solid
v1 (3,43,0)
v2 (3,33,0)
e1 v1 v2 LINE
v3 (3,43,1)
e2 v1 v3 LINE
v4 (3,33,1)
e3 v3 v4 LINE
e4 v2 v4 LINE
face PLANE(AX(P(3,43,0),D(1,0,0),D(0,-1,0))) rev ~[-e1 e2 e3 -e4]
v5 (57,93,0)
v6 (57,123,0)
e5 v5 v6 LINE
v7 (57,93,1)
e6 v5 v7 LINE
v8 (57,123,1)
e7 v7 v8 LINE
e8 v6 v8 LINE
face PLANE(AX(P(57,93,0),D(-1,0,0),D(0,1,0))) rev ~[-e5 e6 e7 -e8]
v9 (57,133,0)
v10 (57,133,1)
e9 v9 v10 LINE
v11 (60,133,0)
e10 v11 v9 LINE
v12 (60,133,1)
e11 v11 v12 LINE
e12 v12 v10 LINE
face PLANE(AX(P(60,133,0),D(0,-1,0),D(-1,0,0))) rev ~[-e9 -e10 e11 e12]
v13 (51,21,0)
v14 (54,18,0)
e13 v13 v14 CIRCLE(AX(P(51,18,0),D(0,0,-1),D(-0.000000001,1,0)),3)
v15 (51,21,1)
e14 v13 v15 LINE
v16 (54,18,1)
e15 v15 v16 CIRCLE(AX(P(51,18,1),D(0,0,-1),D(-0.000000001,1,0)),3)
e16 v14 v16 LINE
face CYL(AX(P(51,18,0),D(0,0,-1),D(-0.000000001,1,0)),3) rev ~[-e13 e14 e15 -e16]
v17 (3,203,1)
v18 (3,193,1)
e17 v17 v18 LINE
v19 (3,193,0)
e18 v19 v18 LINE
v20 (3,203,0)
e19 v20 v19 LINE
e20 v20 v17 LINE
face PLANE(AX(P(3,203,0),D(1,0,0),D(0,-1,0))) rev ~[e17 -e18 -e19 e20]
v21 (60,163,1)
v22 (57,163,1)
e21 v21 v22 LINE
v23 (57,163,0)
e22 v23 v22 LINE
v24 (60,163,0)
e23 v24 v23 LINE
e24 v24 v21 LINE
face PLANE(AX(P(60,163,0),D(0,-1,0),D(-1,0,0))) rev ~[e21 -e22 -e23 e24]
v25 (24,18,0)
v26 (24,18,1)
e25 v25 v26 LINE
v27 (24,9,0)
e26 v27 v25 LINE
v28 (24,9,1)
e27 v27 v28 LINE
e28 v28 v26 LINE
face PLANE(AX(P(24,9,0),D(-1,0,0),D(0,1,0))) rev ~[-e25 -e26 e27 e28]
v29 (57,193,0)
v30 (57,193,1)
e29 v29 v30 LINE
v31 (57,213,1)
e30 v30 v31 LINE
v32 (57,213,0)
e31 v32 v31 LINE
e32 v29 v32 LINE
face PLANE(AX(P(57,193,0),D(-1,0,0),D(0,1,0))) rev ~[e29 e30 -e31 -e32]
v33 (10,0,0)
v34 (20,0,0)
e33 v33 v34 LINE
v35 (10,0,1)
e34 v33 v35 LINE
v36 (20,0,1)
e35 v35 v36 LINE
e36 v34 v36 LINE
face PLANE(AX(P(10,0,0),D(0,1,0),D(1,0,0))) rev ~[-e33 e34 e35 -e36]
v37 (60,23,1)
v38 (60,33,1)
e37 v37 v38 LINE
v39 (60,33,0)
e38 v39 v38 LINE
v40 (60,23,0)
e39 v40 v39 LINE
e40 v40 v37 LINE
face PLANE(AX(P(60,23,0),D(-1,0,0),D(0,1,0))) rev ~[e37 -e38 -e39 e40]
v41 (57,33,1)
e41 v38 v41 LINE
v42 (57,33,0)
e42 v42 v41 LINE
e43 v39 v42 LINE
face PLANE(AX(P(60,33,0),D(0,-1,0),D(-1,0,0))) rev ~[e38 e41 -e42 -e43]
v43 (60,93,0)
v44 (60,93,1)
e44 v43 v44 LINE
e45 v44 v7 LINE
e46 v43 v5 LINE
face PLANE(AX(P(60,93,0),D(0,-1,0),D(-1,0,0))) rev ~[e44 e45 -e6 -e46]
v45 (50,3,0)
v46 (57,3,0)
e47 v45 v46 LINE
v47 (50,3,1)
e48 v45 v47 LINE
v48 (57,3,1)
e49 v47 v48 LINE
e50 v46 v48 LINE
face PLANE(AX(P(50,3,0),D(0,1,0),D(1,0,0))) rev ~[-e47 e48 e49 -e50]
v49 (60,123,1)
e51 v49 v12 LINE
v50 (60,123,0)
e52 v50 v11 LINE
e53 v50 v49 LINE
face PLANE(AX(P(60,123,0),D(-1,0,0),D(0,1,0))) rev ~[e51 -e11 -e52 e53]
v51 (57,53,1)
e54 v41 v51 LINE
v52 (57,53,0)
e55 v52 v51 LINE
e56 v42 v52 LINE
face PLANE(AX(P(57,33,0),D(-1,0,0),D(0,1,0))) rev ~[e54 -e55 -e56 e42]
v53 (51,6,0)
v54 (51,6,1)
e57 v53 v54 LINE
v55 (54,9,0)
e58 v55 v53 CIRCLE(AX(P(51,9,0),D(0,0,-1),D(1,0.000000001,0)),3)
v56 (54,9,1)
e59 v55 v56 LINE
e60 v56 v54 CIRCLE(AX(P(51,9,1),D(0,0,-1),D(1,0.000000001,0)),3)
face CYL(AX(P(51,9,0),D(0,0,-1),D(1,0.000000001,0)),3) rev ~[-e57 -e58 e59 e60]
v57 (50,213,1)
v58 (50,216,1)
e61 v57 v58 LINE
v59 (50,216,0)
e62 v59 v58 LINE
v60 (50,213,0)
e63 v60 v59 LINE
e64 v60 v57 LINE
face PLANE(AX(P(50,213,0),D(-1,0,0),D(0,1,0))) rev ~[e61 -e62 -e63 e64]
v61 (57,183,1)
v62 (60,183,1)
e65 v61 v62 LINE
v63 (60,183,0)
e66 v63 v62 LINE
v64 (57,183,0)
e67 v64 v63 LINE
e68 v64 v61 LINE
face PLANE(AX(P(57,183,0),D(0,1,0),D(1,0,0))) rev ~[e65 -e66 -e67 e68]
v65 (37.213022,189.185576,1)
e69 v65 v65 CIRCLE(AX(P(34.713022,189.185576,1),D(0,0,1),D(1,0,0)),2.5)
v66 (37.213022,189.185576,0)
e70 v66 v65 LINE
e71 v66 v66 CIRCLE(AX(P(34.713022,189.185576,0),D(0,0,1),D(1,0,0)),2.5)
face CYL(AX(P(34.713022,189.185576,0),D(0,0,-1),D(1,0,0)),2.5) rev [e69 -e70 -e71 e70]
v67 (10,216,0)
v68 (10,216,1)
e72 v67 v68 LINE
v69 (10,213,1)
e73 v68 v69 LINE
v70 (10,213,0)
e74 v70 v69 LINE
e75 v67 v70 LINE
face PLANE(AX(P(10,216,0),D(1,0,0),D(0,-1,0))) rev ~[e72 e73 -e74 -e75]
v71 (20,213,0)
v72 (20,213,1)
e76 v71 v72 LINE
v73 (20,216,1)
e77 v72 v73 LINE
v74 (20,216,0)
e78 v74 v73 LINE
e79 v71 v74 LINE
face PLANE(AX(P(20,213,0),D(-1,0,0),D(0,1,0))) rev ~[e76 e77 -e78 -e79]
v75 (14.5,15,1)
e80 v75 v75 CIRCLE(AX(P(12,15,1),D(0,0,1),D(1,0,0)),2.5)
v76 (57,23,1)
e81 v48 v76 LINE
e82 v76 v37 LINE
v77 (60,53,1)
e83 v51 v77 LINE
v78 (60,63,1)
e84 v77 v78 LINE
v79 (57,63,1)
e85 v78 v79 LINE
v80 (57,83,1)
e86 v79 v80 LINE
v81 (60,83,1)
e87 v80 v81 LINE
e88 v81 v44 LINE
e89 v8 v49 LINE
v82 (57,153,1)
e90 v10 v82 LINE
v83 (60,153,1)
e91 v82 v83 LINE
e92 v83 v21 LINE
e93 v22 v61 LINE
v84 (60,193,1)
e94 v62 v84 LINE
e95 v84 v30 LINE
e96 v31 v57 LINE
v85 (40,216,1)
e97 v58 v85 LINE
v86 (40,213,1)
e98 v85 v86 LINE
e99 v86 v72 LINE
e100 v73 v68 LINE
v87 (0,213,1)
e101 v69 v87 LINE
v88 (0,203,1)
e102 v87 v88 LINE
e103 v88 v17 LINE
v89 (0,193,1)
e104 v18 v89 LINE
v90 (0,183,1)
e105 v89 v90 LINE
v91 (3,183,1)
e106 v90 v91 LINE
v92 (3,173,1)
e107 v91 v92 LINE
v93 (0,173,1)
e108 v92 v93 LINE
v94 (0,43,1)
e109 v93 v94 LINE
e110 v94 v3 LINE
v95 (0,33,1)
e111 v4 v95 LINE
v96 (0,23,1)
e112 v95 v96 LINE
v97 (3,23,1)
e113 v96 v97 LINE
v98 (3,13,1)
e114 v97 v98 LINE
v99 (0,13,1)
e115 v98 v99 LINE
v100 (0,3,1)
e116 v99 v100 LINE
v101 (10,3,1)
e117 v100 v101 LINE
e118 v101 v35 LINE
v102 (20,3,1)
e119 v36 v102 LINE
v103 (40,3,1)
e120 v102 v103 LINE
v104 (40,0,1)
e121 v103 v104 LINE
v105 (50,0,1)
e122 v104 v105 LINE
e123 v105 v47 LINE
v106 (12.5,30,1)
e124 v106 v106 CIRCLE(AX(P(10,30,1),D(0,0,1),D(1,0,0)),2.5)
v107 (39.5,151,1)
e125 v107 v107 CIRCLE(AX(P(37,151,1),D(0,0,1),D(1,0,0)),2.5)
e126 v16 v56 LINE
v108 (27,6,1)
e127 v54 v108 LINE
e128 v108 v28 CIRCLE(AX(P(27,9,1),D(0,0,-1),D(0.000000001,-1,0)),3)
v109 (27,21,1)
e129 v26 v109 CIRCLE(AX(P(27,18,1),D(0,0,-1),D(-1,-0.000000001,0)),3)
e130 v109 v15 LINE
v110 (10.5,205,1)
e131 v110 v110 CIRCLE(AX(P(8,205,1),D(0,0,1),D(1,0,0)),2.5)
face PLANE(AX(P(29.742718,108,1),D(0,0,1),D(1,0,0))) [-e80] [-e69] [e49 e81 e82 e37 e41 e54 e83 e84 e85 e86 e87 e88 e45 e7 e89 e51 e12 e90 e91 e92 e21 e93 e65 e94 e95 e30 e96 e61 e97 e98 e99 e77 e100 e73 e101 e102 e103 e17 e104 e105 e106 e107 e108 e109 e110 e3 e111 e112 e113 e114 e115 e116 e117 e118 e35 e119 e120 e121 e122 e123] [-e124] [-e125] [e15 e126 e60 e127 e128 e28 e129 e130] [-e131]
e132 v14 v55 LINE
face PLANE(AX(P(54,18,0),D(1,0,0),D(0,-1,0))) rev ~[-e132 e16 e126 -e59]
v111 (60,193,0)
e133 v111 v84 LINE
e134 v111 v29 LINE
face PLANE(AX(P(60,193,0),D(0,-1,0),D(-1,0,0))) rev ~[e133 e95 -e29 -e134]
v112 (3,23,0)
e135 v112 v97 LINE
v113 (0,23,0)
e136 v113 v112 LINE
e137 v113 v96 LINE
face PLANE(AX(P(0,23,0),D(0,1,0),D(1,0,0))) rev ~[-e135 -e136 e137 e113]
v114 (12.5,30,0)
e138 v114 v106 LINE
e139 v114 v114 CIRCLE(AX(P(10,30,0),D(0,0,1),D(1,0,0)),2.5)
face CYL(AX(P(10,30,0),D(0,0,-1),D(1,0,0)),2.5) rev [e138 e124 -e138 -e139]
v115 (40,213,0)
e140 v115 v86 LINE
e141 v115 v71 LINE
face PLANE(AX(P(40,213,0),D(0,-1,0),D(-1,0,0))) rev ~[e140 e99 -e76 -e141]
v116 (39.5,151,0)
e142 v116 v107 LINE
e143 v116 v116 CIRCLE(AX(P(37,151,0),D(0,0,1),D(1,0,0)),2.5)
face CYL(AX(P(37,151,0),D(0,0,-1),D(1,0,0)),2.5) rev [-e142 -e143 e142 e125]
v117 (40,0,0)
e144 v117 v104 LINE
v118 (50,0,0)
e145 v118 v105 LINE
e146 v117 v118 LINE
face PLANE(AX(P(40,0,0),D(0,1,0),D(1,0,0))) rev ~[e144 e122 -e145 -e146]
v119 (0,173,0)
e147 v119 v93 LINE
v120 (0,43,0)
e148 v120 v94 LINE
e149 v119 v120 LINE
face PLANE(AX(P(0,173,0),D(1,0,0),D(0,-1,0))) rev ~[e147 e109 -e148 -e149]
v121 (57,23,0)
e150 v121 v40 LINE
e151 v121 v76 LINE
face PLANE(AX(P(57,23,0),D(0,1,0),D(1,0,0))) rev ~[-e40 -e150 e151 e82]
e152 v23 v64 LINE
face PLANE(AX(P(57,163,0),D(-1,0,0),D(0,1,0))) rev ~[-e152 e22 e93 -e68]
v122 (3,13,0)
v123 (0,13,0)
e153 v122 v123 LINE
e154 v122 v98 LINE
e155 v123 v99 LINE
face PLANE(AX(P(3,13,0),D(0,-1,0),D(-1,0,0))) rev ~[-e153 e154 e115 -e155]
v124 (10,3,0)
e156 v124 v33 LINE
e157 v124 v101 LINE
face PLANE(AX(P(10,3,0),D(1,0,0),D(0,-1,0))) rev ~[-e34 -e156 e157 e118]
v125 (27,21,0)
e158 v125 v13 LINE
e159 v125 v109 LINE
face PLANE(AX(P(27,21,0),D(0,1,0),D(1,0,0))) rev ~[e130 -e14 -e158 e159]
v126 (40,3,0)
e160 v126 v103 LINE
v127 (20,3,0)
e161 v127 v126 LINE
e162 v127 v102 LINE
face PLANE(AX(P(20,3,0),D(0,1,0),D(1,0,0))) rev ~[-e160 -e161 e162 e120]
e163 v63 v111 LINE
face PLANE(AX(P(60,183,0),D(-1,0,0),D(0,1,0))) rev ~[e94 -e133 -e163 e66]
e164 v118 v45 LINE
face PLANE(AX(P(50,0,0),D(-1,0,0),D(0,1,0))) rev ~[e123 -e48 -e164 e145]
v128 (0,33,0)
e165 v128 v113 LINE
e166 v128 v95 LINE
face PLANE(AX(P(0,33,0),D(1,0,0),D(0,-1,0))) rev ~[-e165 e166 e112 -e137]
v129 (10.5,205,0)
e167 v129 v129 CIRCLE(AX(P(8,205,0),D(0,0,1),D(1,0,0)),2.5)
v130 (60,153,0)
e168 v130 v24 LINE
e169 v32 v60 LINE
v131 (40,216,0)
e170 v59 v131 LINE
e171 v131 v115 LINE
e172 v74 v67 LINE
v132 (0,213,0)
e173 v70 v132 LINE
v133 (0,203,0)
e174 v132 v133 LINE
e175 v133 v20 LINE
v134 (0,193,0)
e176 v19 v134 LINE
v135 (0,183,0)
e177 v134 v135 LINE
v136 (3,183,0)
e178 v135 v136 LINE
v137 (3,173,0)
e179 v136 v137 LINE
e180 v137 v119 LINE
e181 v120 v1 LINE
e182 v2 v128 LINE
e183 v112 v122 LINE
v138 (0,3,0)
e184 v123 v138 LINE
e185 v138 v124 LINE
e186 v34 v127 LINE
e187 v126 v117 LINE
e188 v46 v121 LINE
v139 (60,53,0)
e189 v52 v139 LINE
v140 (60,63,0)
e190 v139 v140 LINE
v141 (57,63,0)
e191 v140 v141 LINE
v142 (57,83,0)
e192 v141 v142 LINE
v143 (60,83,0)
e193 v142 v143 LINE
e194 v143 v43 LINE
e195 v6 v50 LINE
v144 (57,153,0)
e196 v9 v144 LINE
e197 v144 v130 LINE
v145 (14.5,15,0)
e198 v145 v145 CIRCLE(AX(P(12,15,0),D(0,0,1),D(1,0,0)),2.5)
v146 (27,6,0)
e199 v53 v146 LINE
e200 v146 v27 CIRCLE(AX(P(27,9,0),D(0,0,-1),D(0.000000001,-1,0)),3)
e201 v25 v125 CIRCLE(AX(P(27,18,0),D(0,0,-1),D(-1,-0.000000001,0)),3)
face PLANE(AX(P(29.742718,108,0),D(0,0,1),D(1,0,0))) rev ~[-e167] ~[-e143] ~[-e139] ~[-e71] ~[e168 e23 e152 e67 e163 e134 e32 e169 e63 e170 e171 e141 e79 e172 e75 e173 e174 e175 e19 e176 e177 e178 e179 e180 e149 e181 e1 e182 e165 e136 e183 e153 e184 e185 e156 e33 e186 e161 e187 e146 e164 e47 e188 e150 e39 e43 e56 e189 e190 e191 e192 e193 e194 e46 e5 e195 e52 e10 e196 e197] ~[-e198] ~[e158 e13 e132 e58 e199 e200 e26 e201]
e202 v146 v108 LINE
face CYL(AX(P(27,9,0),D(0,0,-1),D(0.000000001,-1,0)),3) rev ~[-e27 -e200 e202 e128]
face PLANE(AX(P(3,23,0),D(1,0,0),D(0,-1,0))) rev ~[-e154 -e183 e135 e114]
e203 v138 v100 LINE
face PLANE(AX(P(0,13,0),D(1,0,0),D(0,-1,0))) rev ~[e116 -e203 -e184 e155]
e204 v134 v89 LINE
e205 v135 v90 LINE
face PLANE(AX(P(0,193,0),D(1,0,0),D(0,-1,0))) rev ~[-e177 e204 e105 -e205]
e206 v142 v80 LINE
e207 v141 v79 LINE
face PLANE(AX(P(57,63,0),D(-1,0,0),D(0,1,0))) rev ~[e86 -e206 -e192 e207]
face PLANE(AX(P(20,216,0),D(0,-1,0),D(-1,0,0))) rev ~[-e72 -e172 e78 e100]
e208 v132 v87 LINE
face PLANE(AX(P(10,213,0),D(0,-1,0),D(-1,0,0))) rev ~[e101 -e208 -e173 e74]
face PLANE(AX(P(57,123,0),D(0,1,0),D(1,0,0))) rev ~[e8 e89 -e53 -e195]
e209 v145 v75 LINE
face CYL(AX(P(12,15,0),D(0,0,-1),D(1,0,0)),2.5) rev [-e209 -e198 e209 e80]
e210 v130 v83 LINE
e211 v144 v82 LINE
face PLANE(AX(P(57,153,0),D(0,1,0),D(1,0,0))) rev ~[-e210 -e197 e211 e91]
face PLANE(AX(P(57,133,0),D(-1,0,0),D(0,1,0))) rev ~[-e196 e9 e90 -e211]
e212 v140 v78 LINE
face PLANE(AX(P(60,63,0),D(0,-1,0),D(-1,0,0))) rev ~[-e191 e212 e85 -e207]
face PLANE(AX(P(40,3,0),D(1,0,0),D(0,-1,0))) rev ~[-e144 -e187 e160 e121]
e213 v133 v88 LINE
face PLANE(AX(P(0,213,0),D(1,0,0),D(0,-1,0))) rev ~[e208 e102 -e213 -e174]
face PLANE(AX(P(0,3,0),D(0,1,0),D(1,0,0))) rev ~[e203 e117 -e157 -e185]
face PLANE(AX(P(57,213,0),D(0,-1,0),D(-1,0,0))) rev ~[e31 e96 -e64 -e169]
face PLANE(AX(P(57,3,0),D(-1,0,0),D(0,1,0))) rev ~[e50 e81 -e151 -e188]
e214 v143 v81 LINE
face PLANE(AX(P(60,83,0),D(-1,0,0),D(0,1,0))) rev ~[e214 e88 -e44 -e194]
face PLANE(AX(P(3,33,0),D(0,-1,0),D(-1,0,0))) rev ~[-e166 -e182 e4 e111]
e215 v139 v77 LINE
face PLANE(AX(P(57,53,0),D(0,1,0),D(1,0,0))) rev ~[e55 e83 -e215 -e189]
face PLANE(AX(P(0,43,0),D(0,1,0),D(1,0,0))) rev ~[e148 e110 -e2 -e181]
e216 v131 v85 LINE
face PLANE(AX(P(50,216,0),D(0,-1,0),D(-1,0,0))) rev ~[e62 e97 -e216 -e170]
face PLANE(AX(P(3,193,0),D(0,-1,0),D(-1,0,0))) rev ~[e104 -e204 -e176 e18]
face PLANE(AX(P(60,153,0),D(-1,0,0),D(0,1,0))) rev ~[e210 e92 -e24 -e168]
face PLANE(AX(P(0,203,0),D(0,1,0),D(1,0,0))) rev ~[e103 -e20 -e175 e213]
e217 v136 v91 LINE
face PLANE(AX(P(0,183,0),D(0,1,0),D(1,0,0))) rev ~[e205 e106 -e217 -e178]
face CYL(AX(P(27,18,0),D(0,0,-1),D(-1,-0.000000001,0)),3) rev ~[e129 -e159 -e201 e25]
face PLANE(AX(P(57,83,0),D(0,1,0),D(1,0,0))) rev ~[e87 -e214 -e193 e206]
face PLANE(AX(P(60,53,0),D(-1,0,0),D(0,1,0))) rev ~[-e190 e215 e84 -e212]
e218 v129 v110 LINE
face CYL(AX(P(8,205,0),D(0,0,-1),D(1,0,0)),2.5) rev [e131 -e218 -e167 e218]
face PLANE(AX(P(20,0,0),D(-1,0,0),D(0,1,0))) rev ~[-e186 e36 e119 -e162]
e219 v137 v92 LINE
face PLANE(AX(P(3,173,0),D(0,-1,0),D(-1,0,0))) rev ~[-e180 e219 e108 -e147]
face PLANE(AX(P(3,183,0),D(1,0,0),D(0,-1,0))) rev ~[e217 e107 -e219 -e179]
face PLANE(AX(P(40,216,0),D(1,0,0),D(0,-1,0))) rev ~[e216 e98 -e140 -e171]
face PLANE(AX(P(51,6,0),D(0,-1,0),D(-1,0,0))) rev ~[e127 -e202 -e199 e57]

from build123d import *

# Parameters (mm, degrees)
SKETCH1_R           = 2.5
BOSS_EXTRUDE2_DEPTH = 1


with BuildPart() as part:
    # Sketch1 → Boss-Extrude2 (new body)
    with BuildSketch(Plane.XY):
        Polygon((3, 173), (0, 173), (0, 43), (3, 43), (3, 33), (0, 33), (0, 23), (3, 23), (3, 13), (0, 13), (0, 3), (10, 3), (10, 0), (20, 0), (20, 3), (40, 3), (40, 0), (50, 0), (50, 3), (57, 3), (57, 23), (60, 23), (60, 33), (57, 33), (57, 53), (60, 53), (60, 63), (57, 63), (57, 83), (60, 83), (60, 93), (57, 93), (57, 123), (60, 123), (60, 133), (57, 133), (57, 153), (60, 153), (60, 163), (57, 163), (57, 183), (60, 183), (60, 193), (57, 193), (57, 213), (50, 213), (50, 216), (40, 216), (40, 213), (20, 213), (20, 216), (10, 216), (10, 213), (0, 213), (0, 203), (3, 203), (3, 193), (0, 193), (0, 183), (3, 183), align=None)
        with Locations((12, 15)):
            Circle(SKETCH1_R, mode=Mode.SUBTRACT)
        with Locations((10, 30)):
            Circle(SKETCH1_R, mode=Mode.SUBTRACT)
        with BuildLine():
            ThreePointArc((24, 18), (24.878679656, 20.121320344), (27, 21))
            Line((27, 21), (51, 21))
            ThreePointArc((51, 21), (53.121320344, 20.121320344), (54, 18))
            Line((54, 18), (54, 9))
            ThreePointArc((54, 9), (53.121320344, 6.878679656), (51, 6))
            Line((51, 6), (27, 6))
            ThreePointArc((27, 6), (24.878679656, 6.878679656), (24, 9))
            Line((24, 9), (24, 18))
        make_face(mode=Mode.SUBTRACT)
        with Locations((8, 205)):
            Circle(SKETCH1_R, mode=Mode.SUBTRACT)
        with Locations((37, 151)):
            Circle(SKETCH1_R, mode=Mode.SUBTRACT)
        with Locations((34.713021846, 189.185576425)):
            Circle(SKETCH1_R, mode=Mode.SUBTRACT)
    extrude(amount=BOSS_EXTRUDE2_DEPTH)


solid = part.part
